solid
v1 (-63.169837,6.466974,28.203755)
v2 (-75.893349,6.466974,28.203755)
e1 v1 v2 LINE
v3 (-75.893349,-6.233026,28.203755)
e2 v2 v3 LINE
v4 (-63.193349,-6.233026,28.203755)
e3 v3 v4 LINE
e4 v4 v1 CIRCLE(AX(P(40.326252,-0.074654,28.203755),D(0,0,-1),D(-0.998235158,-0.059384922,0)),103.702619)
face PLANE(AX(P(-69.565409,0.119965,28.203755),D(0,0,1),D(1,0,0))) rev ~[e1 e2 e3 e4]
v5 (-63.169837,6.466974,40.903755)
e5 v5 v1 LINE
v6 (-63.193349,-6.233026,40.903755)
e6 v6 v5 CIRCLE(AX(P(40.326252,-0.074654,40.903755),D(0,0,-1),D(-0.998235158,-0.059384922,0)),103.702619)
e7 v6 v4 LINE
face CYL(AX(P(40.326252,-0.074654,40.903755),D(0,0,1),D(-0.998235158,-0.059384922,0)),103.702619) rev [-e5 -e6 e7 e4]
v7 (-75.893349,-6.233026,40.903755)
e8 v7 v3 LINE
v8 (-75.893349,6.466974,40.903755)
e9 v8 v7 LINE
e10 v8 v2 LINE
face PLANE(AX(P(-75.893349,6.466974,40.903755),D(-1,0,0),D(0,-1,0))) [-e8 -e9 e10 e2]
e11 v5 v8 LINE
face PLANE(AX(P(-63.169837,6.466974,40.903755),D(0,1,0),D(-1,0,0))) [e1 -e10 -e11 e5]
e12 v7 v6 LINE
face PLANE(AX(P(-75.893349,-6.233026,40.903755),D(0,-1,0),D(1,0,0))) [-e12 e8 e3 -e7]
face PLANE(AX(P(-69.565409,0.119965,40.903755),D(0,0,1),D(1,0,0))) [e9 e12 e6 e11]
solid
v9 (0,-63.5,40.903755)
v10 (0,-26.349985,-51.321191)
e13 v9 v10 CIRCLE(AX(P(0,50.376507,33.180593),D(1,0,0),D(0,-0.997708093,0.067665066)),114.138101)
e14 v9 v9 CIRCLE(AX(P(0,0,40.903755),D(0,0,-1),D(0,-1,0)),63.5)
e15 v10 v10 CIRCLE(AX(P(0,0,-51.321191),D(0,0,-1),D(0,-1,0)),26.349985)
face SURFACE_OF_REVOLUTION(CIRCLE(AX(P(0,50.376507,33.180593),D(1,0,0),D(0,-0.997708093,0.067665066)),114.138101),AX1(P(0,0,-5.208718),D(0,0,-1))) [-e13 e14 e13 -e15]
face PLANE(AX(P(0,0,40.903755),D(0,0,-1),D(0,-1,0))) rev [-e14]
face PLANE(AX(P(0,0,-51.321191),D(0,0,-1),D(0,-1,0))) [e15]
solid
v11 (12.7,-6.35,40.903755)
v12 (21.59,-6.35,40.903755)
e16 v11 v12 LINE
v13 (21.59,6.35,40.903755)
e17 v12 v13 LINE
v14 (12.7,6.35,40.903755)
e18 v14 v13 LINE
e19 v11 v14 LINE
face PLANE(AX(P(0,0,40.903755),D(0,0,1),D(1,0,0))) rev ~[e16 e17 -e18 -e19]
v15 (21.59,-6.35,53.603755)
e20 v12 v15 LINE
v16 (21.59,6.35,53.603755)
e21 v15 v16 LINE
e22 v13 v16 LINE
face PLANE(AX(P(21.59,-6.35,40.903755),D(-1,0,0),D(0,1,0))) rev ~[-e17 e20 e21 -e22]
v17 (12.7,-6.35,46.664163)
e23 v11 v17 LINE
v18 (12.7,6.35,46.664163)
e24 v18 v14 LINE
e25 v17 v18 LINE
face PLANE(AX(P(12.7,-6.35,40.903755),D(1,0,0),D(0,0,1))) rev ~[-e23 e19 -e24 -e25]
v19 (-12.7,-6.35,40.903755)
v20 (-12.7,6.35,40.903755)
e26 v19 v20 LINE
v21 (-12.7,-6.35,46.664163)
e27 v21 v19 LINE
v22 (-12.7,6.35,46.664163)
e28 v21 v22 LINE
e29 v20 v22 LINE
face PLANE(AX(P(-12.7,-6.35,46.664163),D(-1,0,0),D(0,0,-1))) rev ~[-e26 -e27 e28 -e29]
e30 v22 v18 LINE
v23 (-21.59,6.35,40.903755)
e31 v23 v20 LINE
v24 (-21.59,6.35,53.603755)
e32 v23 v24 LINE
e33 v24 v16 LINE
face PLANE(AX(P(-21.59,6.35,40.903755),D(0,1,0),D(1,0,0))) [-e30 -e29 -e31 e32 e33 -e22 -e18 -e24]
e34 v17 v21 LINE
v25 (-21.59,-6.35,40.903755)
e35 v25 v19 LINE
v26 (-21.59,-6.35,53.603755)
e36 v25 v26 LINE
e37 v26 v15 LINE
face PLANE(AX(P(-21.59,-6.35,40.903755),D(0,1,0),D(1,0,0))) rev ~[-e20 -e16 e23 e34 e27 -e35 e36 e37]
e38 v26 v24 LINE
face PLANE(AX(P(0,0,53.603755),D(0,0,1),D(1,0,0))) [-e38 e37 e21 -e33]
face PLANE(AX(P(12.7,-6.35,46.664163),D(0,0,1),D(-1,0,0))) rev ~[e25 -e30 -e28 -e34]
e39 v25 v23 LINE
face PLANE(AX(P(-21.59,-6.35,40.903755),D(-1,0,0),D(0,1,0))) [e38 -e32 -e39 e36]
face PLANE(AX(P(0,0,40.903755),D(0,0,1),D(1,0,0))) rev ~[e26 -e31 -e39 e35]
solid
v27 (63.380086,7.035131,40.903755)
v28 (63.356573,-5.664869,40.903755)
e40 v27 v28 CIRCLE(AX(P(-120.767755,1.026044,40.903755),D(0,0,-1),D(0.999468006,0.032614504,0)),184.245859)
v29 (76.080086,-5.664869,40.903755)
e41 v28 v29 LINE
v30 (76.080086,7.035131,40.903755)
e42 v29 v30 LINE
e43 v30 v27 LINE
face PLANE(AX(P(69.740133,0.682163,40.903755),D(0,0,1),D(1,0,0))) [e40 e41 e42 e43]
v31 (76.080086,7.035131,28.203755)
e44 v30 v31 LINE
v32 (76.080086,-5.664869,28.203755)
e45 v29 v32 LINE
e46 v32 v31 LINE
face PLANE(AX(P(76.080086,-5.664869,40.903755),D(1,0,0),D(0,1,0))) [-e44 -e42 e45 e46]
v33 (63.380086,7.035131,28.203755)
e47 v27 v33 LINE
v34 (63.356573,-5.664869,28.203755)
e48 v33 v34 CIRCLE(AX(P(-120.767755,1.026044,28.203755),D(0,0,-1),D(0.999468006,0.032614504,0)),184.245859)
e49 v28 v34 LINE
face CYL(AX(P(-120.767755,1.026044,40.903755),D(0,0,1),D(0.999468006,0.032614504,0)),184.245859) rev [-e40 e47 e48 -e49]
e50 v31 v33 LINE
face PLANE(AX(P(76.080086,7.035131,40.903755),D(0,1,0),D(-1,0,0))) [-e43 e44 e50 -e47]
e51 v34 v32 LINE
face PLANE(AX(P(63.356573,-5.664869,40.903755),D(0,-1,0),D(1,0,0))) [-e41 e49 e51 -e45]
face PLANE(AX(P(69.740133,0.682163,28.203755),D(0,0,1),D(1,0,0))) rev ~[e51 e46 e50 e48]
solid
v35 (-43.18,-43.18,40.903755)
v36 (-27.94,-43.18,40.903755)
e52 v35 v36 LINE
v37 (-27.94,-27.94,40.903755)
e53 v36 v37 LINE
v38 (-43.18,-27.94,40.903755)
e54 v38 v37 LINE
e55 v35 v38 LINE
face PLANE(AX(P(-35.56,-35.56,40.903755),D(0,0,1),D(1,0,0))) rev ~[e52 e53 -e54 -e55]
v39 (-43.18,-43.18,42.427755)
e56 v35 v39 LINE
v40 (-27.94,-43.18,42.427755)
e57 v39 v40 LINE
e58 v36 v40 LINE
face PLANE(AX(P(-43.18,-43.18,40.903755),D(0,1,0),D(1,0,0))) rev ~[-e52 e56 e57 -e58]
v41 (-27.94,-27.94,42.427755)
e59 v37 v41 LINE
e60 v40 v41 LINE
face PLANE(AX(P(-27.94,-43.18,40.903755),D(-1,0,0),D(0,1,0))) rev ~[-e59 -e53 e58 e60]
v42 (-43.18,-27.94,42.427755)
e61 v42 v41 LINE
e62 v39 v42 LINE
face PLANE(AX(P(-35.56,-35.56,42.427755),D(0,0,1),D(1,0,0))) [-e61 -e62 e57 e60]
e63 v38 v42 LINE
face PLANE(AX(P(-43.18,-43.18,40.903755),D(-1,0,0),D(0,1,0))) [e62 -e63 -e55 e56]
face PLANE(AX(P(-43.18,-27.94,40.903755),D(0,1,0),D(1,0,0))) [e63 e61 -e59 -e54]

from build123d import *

# Parameters (mm, degrees)
F2_W      = 43.18
F2_H      = 12.7
F3_DEPTH  = 12.7
F5_DEPTH  = 25.4
F6_W      = 15.24
F6_H      = 15.24
F7_DEPTH  = 1.524
F10_DEPTH = 12.7
F11_DEPTH = 12.7


with BuildPart() as f1:
    # F0 (on Right) → F1 (revolve)
    with BuildSketch(Plane.YZ):
        with BuildLine():
            Line((0, -51.321191), (0, 40.903755))
            Line((0, 40.903755), (-63.5, 40.903755))
            ThreePointArc((-63.5, 40.903755), (-55.494811, -9.466448), (-26.349985, -51.321191))
            Line((-26.349985, -51.321191), (0, -51.321191))
        make_face()
    revolve(axis=Axis((0, 0, -5.208718), (0, 0, -1)))


with BuildPart() as f3:
    # F2 (on face) → F3 (new body)
    with BuildSketch(Plane.XY.offset(40.903755)):
        Rectangle(F2_W, F2_H)
    extrude(amount=F3_DEPTH)

    # F4 (on face) → F5 (cut)
    with BuildSketch(Plane.XZ.offset(6.35)):
        Polygon((-12.7, 40.903755), (0, 40.903755), (12.7, 40.903755), (12.7, 46.664163), (-12.7, 46.664163), align=None)
    extrude(amount=-F5_DEPTH, mode=Mode.SUBTRACT)


with BuildPart() as f7:
    # F6 (on face) → F7 (new body)
    with BuildSketch(Plane.XY.offset(40.903755)):
        with Locations((-35.56, -35.56)):
            Rectangle(F6_W, F6_H)
    extrude(amount=F7_DEPTH)


with BuildPart() as f10:
    # F8 (on face) → F10 (new body)
    with BuildSketch(Plane.XY.offset(40.903755)):
        with BuildLine():
            Line((-75.893349, 6.466974), (-75.893349, 0.116974))
            Line((-75.893349, 0.116974), (-75.893349, -6.233026))
            Line((-75.893349, -6.233026), (-63.193349, -6.233026))
            ThreePointArc((-63.193349, -6.233026), (-63.37619, 0.117334), (-63.169837, 6.466974))
            Line((-63.169837, 6.466974), (-75.893349, 6.466974))
        make_face()
    extrude(amount=-F10_DEPTH)


with BuildPart() as f11:
    # F9 (on face) → F11 (new body)
    with BuildSketch(Plane.XY.offset(40.903755)):
        with BuildLine():
            Line((76.080086, -5.664869), (76.080086, 0.685131))
            Line((76.080086, 0.685131), (76.080086, 7.035131))
            Line((76.080086, 7.035131), (63.380086, 7.035131))
            ThreePointArc((63.380086, 7.035131), (63.477788, 0.684929), (63.356573, -5.664869))
            Line((63.356573, -5.664869), (76.080086, -5.664869))
        make_face()
    extrude(amount=-F11_DEPTH)


solid = Compound([f1.part, f3.part, f7.part, f10.part, f11.part])
